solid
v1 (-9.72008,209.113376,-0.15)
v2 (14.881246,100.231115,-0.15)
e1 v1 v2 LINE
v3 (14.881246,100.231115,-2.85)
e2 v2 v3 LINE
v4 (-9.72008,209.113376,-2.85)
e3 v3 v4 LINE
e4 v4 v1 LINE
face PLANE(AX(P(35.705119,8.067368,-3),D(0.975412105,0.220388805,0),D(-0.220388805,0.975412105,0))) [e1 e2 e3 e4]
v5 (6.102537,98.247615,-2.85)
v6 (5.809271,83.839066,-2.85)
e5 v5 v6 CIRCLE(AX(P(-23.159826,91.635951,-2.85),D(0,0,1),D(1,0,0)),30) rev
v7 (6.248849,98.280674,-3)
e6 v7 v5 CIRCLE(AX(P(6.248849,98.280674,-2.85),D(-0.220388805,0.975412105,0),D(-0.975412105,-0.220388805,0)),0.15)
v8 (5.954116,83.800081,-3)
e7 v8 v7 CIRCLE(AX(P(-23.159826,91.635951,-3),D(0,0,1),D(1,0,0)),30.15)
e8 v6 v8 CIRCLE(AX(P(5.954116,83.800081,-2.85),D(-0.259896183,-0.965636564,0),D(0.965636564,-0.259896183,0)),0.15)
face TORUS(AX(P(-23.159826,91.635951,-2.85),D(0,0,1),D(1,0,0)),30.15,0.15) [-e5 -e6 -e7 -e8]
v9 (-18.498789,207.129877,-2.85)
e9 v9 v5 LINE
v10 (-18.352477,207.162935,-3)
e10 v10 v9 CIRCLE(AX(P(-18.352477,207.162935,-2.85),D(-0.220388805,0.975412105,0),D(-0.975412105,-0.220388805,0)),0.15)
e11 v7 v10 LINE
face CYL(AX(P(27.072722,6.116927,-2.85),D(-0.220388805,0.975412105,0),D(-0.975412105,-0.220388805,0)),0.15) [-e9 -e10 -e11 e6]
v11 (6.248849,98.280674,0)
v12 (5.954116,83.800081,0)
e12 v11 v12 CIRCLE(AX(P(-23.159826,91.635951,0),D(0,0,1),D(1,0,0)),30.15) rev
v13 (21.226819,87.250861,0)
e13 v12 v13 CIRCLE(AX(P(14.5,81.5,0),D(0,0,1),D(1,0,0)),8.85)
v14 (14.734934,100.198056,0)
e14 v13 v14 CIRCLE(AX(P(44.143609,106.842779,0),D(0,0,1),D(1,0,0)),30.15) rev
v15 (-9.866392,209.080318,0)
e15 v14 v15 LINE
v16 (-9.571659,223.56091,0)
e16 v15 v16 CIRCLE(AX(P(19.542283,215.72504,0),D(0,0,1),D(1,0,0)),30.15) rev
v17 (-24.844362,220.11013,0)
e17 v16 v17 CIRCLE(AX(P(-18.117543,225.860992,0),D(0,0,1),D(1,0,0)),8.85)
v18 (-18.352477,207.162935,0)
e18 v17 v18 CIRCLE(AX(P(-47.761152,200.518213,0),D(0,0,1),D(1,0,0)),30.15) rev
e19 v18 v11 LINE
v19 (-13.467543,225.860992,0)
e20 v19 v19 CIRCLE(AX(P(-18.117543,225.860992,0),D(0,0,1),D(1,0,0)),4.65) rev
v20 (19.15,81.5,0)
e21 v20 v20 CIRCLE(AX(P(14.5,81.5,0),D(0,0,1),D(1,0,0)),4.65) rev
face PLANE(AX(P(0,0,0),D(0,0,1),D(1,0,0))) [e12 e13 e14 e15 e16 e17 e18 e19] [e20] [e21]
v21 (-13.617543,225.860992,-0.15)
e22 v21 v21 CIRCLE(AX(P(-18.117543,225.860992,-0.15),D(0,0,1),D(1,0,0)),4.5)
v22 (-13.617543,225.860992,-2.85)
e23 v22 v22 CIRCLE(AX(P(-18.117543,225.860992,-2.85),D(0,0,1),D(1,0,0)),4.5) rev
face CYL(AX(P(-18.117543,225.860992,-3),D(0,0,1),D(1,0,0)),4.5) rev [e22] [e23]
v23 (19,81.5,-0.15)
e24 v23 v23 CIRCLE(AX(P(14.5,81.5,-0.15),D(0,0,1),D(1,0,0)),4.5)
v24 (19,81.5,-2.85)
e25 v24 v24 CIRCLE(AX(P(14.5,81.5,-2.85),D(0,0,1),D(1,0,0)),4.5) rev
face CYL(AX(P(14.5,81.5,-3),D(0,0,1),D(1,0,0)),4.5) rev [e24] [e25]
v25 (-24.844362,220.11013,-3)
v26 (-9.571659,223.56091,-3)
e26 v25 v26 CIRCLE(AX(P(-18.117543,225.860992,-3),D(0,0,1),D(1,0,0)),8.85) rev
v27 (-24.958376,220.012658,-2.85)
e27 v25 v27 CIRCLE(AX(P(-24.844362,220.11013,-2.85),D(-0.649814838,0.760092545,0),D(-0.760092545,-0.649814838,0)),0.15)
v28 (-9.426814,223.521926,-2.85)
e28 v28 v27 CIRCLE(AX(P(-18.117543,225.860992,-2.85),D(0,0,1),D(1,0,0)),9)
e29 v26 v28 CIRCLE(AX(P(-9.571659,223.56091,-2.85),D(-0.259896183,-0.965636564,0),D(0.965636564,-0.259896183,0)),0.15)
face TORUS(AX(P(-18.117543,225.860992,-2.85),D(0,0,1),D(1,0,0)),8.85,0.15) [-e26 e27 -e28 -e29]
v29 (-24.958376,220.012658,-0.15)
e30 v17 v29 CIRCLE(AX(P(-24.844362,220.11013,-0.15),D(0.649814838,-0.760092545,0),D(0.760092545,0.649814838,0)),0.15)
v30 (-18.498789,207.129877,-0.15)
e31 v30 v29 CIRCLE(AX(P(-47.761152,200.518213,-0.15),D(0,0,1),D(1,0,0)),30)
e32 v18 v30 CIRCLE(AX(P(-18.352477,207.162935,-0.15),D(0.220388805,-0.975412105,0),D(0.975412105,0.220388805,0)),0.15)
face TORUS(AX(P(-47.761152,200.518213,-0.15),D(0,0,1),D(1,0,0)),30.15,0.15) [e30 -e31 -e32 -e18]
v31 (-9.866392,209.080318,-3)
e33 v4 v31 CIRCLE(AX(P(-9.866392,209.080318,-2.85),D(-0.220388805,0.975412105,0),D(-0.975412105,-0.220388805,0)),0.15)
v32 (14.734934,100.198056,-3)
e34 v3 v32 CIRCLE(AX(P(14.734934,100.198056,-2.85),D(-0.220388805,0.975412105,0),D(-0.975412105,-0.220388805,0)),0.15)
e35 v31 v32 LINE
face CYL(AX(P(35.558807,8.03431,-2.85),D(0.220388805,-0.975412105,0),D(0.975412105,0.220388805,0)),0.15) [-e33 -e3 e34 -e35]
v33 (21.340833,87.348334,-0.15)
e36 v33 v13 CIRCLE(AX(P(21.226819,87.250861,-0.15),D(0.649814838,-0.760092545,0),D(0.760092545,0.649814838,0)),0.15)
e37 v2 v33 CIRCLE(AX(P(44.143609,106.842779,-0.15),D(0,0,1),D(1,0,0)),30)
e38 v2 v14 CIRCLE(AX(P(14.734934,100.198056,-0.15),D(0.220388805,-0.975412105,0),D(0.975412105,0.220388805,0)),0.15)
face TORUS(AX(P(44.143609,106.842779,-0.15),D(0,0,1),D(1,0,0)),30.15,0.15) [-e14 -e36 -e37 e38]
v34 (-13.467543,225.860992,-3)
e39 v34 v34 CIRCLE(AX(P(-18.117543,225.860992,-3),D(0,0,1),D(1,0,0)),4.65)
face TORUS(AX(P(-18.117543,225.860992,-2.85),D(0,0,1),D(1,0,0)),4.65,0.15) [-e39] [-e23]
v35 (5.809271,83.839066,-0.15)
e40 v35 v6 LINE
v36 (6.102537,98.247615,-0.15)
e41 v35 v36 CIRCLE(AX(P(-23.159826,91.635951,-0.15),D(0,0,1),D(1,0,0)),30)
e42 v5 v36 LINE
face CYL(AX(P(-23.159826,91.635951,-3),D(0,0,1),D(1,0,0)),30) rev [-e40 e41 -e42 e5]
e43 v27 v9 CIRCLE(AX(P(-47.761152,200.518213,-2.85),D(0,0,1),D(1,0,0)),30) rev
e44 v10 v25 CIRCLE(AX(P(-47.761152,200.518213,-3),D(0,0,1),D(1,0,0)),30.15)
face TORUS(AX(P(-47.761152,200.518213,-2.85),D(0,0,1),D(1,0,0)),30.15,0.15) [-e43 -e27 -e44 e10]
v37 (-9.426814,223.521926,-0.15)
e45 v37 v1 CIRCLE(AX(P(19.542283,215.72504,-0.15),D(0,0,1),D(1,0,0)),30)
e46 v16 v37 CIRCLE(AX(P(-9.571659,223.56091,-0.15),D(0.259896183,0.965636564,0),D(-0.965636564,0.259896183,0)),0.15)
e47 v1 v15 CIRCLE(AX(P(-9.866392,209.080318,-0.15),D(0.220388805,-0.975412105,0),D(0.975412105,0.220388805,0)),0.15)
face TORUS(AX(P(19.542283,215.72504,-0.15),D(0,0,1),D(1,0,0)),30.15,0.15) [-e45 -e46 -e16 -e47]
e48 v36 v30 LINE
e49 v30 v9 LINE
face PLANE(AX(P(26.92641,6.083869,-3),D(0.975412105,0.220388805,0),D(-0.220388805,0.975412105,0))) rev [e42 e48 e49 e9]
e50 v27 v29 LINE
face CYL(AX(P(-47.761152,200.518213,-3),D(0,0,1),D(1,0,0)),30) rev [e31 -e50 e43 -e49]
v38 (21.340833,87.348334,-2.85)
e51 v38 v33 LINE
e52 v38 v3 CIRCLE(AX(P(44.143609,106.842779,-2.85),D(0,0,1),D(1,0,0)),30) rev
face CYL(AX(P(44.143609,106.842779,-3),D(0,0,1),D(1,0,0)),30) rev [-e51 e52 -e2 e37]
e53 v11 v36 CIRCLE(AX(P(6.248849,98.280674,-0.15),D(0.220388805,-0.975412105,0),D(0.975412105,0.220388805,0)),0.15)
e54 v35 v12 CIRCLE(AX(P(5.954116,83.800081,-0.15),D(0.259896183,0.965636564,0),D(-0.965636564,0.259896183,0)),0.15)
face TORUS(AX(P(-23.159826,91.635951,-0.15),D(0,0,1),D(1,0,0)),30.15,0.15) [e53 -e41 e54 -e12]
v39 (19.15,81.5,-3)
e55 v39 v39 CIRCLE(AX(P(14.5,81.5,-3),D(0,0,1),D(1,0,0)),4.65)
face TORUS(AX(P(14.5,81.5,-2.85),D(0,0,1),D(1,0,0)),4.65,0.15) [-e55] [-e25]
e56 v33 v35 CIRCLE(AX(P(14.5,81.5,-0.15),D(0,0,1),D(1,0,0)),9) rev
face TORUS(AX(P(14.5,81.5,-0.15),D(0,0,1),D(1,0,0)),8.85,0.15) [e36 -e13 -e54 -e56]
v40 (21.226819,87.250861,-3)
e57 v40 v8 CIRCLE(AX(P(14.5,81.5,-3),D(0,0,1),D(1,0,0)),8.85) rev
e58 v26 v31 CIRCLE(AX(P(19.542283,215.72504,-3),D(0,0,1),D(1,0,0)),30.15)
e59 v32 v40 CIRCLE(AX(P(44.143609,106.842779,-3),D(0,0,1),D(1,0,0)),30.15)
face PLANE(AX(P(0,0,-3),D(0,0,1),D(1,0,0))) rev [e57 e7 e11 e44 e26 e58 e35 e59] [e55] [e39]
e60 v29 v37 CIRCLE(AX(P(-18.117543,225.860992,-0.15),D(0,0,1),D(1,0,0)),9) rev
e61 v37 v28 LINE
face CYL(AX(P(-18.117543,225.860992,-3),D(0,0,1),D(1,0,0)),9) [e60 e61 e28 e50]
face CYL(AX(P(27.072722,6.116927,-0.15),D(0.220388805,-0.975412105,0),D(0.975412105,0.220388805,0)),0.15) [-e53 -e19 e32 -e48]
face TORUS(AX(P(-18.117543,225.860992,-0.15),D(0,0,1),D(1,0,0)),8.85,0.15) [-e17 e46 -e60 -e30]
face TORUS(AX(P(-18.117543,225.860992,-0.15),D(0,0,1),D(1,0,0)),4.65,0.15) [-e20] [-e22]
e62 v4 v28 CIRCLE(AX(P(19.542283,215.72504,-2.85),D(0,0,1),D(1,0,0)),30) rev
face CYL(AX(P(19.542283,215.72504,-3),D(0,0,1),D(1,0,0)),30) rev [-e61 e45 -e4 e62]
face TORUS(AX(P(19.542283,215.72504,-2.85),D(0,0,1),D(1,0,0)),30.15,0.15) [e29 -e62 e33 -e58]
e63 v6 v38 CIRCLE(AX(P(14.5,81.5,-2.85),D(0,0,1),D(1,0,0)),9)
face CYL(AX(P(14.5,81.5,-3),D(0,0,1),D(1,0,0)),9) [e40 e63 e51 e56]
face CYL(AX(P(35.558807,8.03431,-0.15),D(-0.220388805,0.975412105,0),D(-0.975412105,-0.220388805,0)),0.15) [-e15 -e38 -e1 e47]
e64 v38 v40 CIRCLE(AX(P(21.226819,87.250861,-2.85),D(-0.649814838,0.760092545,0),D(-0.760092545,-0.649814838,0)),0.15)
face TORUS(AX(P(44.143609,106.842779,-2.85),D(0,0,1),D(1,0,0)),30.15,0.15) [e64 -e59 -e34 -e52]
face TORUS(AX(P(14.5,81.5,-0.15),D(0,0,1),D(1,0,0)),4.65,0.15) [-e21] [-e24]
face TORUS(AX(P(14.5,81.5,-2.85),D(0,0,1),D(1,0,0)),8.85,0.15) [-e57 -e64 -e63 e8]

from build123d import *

# Parameters (mm, degrees)
DODANIE_WYCI_GNI_CIE1_DEPTH = 3
ZAOKR_GLENIE1_R             = 30
ZAOKR_GLENIE2_R             = 30
ZAOKR_GLENIE3_R             = 30
ZAOKR_GLENIE4_R             = 30
ZAOKR_GLENIE5_R             = 0.15


with BuildPart() as part:
    # Szkic2 → Dodanie-wyciągnięcie1 (new body)
    with BuildSketch(Plane.XY):
        with BuildLine():
            ThreePointArc((18.889354473, 82.491749621), (13.508250379, 85.889354473), (10.110645527, 80.508250379))
            Line((10.110645527, 80.508250379), (-22.506897562, 224.869241934))
            ThreePointArc((-22.506897562, 224.869241934), (-17.125793468, 221.471637082), (-13.728188616, 226.852741176))
            Line((-13.728188616, 226.852741176), (18.889354473, 82.491749621))
        make_face()
        with BuildLine():
            ThreePointArc((18.889354473, 82.491749621), (15.491749621, 77.110645527), (10.110645527, 80.508250379))
            Line((10.110645527, 80.508250379), (8.392884795, 88.110835339))
            ThreePointArc((8.392884795, 88.110835339), (16.483499242, 72.721291054), (17.171593741, 90.094334581))
            Line((17.171593741, 90.094334581), (18.889354473, 82.491749621))
        make_face()
        with BuildLine():
            ThreePointArc((-12.010427884, 219.250156217), (-20.101042331, 234.639700501), (-20.78913683, 217.266656975))
            Line((-20.78913683, 217.266656975), (-22.506897562, 224.869241934))
            ThreePointArc((-22.506897562, 224.869241934), (-19.10929271, 230.250346028), (-13.728188616, 226.852741176))
            Line((-13.728188616, 226.852741176), (-12.010427884, 219.250156217))
        make_face()
    extrude(amount=-DODANIE_WYCI_GNI_CIE1_DEPTH)

    # Zaokrąglenie1
    zaokr_glenie1_edges = [part.edges().sort_by_distance(p)[0] for p in [
        (-20.78913683, 217.266656975, -1.5),
    ]]
    fillet(zaokr_glenie1_edges, radius=ZAOKR_GLENIE1_R)

    # Zaokrąglenie2
    zaokr_glenie2_edges = [part.edges().sort_by_distance(p)[0] for p in [
        (-12.010427884, 219.250156217, -1.5),
    ]]
    fillet(zaokr_glenie2_edges, radius=ZAOKR_GLENIE2_R)

    # Zaokrąglenie3
    zaokr_glenie3_edges = [part.edges().sort_by_distance(p)[0] for p in [
        (8.392884795, 88.110835339, -1.5),
    ]]
    fillet(zaokr_glenie3_edges, radius=ZAOKR_GLENIE3_R)

    # Zaokrąglenie4
    zaokr_glenie4_edges = [part.edges().sort_by_distance(p)[0] for p in [
        (17.171593741, 90.094334581, -1.5),
    ]]
    fillet(zaokr_glenie4_edges, radius=ZAOKR_GLENIE4_R)

    # Zaokrąglenie5
    zaokr_glenie5_edges = [part.edges().sort_by_distance(p)[0] for p in [
        (-17.125793468, 221.471637082, -3),
        (-20.943505179, 213.964915113, 0),
        (-20.943505179, 213.964915113, -3),
        (15.491749621, 77.110645527, -3),
        (-20.101042331, 234.639700501, -3),
        (-20.101042331, 234.639700501, 0),
        (-10.451504967, 216.335522749, 0),
        (-10.451504967, 216.335522749, -3),
        (-6.198126017, 152.688746157, 0),
        (-6.198126017, 152.688746157, -3),
        (6.833961878, 91.025468806, 0),
        (6.833961878, 91.025468806, -3),
        (16.483499242, 72.721291054, 0),
        (16.483499242, 72.721291054, -3),
        (2.580582929, 154.672245399, -3),
        (2.580582929, 154.672245399, 0),
        (17.32596209, 93.396076442, 0),
        (17.32596209, 93.396076442, -3),
        (15.491749621, 77.110645527, 0),
        (-17.125793468, 221.471637082, 0),
    ]]
    fillet(zaokr_glenie5_edges, radius=ZAOKR_GLENIE5_R)


solid = part.part
